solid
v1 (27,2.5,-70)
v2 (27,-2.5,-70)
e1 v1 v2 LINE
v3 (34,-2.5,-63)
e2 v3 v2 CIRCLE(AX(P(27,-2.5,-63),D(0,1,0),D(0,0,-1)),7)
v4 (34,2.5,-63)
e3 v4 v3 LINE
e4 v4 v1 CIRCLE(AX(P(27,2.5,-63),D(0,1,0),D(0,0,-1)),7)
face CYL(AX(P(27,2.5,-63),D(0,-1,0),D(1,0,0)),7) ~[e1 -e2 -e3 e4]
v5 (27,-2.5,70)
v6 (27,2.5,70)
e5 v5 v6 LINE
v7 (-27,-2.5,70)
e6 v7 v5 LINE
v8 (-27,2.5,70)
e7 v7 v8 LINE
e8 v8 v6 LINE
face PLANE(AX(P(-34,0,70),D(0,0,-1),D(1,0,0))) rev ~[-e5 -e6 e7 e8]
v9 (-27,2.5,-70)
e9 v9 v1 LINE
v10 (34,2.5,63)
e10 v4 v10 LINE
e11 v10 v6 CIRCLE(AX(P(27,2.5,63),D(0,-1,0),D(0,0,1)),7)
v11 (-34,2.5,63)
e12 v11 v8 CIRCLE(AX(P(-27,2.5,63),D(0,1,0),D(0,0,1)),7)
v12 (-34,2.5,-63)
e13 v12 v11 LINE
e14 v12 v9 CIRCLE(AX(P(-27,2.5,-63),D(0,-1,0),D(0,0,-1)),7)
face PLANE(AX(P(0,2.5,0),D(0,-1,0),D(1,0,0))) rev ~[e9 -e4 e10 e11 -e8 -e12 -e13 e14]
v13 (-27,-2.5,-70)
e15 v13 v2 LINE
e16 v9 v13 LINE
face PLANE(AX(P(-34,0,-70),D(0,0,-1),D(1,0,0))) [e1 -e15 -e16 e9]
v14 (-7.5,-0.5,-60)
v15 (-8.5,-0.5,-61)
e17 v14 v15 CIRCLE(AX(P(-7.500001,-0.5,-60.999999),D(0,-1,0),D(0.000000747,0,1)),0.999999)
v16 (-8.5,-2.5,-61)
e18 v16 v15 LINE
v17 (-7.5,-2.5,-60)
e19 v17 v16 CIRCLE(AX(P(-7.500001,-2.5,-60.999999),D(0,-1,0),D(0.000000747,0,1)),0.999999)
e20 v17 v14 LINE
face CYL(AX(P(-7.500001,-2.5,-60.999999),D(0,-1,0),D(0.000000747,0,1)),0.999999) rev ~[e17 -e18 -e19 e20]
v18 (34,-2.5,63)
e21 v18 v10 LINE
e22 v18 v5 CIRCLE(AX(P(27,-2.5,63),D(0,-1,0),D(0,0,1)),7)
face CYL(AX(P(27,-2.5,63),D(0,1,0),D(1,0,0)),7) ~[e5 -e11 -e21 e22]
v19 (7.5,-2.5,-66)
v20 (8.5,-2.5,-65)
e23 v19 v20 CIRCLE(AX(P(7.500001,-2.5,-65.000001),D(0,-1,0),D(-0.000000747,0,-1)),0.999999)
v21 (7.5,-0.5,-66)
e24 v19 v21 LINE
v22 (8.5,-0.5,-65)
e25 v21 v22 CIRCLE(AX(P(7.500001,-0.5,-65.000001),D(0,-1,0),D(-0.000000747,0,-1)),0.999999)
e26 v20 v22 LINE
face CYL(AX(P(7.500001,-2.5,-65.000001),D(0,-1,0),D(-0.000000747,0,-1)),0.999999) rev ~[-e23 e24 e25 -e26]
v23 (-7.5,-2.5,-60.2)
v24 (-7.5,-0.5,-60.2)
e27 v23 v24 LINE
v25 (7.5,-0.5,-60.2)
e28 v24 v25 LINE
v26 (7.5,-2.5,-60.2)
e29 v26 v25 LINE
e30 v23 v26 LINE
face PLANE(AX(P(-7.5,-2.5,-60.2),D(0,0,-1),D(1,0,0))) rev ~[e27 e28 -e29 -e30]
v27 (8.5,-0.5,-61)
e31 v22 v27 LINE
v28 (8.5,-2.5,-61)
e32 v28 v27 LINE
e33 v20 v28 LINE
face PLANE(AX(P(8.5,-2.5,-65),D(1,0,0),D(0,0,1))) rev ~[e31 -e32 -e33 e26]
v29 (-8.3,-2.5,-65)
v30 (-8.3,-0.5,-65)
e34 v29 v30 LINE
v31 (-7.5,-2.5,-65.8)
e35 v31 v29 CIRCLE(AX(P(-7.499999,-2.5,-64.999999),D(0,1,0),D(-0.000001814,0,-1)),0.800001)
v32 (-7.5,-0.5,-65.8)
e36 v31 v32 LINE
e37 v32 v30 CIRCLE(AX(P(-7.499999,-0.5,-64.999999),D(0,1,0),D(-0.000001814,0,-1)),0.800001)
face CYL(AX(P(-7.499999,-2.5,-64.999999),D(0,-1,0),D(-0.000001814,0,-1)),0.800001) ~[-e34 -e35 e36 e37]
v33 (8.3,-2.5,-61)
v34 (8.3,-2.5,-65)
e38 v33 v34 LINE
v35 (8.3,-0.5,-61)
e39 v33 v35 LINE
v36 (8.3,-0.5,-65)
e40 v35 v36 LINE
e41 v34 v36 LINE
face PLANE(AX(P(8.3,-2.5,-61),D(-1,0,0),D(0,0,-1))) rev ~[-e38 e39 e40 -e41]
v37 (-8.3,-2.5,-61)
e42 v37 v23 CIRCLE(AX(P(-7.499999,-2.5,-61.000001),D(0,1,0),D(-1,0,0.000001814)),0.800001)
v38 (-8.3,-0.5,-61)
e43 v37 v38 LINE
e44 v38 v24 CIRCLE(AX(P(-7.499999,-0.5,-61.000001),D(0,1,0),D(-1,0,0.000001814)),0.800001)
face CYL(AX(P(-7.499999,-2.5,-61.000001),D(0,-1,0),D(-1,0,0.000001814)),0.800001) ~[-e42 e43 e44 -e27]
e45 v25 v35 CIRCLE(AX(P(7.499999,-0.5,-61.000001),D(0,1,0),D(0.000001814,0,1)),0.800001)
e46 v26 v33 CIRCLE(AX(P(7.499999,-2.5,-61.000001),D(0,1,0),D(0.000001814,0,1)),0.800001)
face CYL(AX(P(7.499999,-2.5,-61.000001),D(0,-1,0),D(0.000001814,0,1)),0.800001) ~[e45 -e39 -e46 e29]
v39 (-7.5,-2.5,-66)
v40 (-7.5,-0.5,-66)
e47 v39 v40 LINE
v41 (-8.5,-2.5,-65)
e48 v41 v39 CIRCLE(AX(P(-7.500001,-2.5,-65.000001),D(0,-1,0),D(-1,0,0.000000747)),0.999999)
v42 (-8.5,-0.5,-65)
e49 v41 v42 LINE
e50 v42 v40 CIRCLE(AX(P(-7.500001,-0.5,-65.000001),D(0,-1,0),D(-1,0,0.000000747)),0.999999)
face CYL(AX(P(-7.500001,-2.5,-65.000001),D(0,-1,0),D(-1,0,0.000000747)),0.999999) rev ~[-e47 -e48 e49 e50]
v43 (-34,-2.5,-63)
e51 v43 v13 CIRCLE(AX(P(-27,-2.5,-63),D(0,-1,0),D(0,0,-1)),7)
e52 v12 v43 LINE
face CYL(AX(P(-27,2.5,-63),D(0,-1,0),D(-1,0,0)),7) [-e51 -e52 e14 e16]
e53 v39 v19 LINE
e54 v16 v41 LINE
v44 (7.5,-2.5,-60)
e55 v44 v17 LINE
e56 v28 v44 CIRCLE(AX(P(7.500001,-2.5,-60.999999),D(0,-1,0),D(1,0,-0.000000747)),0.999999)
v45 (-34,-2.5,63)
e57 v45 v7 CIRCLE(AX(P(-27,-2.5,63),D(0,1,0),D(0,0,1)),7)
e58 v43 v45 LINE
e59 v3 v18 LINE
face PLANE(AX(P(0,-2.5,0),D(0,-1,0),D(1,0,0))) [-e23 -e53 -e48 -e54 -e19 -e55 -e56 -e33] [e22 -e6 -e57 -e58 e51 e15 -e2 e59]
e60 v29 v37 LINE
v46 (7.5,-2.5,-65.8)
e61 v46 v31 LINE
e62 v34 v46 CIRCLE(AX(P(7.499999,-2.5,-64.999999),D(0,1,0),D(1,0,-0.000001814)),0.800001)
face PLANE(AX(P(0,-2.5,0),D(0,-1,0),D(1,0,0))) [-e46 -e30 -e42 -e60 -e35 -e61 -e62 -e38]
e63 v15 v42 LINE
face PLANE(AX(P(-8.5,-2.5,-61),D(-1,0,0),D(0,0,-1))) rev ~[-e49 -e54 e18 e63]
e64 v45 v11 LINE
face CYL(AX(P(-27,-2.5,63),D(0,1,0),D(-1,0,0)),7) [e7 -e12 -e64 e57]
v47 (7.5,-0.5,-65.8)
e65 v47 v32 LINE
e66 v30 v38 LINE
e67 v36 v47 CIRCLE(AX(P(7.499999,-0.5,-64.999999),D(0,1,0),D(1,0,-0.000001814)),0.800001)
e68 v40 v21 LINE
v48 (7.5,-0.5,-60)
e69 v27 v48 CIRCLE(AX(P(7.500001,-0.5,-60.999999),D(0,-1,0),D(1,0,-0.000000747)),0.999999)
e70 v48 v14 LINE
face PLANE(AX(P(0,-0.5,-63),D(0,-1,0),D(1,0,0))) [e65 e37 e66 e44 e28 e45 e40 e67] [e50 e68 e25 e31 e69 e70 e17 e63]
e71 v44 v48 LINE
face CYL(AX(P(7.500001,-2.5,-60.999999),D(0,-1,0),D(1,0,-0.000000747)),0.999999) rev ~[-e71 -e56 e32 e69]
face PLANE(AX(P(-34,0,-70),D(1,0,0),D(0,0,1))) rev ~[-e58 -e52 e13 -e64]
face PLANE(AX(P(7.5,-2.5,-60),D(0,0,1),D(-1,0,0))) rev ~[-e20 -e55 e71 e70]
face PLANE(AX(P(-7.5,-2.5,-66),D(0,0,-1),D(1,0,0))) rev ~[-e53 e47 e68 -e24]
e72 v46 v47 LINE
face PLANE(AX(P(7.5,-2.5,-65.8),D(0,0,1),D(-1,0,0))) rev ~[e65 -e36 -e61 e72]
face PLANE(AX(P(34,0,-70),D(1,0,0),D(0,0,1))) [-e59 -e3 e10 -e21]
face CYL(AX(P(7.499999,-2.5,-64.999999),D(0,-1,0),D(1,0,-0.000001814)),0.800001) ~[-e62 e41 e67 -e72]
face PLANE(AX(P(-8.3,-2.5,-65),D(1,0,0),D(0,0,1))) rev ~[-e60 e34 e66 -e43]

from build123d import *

# Parameters (mm, degrees)
F0_W     = 68
F0_H     = 140
F1_DEPTH = 2.5
F2_R     = 7
F4_DEPTH = 2


with BuildPart() as f1:
    # F0 (on Front) → F1 (new body, symmetric)
    with BuildSketch(Plane.XZ):
        Rectangle(F0_W, F0_H)
    extrude(amount=F1_DEPTH, both=True)

    # F2
    f2_edges = [f1.edges().sort_by_distance(p)[0] for p in [
        (34, 0, 70),
        (-34, 0, 70),
        (34, 0, -70),
        (-34, 0, -70),
    ]]
    fillet(f2_edges, radius=F2_R)

    # F3 (on face) → F4 (cut)
    with BuildSketch(Plane.XZ.offset(2.5)):
        with BuildLine():
            Line((7.5, -60), (-7.5, -60))
            ThreePointArc((-7.5, -60), (-8.207107, -60.292893), (-8.5, -61))
            Line((-8.5, -61), (-8.5, -65))
            ThreePointArc((-8.5, -65), (-8.207107, -65.707107), (-7.5, -66))
            Line((-7.5, -66), (7.5, -66))
            ThreePointArc((7.5, -66), (8.207107, -65.707107), (8.5, -65))
            Line((8.5, -65), (8.5, -61))
            ThreePointArc((8.5, -61), (8.207107, -60.292893), (7.5, -60))
        make_face()
        with BuildLine():
            ThreePointArc((-8.3, -61), (-8.065685, -60.434315), (-7.5, -60.2))
            Line((-7.5, -60.2), (7.5, -60.2))
            ThreePointArc((7.5, -60.2), (8.065685, -60.434315), (8.3, -61))
            Line((8.3, -61), (8.3, -65))
            ThreePointArc((8.3, -65), (8.065685, -65.565685), (7.5, -65.8))
            Line((7.5, -65.8), (-7.5, -65.8))
            ThreePointArc((-7.5, -65.8), (-8.065685, -65.565685), (-8.3, -65))
            Line((-8.3, -65), (-8.3, -61))
        make_face(mode=Mode.SUBTRACT)
    extrude(amount=-F4_DEPTH, mode=Mode.SUBTRACT)


solid = f1.part
